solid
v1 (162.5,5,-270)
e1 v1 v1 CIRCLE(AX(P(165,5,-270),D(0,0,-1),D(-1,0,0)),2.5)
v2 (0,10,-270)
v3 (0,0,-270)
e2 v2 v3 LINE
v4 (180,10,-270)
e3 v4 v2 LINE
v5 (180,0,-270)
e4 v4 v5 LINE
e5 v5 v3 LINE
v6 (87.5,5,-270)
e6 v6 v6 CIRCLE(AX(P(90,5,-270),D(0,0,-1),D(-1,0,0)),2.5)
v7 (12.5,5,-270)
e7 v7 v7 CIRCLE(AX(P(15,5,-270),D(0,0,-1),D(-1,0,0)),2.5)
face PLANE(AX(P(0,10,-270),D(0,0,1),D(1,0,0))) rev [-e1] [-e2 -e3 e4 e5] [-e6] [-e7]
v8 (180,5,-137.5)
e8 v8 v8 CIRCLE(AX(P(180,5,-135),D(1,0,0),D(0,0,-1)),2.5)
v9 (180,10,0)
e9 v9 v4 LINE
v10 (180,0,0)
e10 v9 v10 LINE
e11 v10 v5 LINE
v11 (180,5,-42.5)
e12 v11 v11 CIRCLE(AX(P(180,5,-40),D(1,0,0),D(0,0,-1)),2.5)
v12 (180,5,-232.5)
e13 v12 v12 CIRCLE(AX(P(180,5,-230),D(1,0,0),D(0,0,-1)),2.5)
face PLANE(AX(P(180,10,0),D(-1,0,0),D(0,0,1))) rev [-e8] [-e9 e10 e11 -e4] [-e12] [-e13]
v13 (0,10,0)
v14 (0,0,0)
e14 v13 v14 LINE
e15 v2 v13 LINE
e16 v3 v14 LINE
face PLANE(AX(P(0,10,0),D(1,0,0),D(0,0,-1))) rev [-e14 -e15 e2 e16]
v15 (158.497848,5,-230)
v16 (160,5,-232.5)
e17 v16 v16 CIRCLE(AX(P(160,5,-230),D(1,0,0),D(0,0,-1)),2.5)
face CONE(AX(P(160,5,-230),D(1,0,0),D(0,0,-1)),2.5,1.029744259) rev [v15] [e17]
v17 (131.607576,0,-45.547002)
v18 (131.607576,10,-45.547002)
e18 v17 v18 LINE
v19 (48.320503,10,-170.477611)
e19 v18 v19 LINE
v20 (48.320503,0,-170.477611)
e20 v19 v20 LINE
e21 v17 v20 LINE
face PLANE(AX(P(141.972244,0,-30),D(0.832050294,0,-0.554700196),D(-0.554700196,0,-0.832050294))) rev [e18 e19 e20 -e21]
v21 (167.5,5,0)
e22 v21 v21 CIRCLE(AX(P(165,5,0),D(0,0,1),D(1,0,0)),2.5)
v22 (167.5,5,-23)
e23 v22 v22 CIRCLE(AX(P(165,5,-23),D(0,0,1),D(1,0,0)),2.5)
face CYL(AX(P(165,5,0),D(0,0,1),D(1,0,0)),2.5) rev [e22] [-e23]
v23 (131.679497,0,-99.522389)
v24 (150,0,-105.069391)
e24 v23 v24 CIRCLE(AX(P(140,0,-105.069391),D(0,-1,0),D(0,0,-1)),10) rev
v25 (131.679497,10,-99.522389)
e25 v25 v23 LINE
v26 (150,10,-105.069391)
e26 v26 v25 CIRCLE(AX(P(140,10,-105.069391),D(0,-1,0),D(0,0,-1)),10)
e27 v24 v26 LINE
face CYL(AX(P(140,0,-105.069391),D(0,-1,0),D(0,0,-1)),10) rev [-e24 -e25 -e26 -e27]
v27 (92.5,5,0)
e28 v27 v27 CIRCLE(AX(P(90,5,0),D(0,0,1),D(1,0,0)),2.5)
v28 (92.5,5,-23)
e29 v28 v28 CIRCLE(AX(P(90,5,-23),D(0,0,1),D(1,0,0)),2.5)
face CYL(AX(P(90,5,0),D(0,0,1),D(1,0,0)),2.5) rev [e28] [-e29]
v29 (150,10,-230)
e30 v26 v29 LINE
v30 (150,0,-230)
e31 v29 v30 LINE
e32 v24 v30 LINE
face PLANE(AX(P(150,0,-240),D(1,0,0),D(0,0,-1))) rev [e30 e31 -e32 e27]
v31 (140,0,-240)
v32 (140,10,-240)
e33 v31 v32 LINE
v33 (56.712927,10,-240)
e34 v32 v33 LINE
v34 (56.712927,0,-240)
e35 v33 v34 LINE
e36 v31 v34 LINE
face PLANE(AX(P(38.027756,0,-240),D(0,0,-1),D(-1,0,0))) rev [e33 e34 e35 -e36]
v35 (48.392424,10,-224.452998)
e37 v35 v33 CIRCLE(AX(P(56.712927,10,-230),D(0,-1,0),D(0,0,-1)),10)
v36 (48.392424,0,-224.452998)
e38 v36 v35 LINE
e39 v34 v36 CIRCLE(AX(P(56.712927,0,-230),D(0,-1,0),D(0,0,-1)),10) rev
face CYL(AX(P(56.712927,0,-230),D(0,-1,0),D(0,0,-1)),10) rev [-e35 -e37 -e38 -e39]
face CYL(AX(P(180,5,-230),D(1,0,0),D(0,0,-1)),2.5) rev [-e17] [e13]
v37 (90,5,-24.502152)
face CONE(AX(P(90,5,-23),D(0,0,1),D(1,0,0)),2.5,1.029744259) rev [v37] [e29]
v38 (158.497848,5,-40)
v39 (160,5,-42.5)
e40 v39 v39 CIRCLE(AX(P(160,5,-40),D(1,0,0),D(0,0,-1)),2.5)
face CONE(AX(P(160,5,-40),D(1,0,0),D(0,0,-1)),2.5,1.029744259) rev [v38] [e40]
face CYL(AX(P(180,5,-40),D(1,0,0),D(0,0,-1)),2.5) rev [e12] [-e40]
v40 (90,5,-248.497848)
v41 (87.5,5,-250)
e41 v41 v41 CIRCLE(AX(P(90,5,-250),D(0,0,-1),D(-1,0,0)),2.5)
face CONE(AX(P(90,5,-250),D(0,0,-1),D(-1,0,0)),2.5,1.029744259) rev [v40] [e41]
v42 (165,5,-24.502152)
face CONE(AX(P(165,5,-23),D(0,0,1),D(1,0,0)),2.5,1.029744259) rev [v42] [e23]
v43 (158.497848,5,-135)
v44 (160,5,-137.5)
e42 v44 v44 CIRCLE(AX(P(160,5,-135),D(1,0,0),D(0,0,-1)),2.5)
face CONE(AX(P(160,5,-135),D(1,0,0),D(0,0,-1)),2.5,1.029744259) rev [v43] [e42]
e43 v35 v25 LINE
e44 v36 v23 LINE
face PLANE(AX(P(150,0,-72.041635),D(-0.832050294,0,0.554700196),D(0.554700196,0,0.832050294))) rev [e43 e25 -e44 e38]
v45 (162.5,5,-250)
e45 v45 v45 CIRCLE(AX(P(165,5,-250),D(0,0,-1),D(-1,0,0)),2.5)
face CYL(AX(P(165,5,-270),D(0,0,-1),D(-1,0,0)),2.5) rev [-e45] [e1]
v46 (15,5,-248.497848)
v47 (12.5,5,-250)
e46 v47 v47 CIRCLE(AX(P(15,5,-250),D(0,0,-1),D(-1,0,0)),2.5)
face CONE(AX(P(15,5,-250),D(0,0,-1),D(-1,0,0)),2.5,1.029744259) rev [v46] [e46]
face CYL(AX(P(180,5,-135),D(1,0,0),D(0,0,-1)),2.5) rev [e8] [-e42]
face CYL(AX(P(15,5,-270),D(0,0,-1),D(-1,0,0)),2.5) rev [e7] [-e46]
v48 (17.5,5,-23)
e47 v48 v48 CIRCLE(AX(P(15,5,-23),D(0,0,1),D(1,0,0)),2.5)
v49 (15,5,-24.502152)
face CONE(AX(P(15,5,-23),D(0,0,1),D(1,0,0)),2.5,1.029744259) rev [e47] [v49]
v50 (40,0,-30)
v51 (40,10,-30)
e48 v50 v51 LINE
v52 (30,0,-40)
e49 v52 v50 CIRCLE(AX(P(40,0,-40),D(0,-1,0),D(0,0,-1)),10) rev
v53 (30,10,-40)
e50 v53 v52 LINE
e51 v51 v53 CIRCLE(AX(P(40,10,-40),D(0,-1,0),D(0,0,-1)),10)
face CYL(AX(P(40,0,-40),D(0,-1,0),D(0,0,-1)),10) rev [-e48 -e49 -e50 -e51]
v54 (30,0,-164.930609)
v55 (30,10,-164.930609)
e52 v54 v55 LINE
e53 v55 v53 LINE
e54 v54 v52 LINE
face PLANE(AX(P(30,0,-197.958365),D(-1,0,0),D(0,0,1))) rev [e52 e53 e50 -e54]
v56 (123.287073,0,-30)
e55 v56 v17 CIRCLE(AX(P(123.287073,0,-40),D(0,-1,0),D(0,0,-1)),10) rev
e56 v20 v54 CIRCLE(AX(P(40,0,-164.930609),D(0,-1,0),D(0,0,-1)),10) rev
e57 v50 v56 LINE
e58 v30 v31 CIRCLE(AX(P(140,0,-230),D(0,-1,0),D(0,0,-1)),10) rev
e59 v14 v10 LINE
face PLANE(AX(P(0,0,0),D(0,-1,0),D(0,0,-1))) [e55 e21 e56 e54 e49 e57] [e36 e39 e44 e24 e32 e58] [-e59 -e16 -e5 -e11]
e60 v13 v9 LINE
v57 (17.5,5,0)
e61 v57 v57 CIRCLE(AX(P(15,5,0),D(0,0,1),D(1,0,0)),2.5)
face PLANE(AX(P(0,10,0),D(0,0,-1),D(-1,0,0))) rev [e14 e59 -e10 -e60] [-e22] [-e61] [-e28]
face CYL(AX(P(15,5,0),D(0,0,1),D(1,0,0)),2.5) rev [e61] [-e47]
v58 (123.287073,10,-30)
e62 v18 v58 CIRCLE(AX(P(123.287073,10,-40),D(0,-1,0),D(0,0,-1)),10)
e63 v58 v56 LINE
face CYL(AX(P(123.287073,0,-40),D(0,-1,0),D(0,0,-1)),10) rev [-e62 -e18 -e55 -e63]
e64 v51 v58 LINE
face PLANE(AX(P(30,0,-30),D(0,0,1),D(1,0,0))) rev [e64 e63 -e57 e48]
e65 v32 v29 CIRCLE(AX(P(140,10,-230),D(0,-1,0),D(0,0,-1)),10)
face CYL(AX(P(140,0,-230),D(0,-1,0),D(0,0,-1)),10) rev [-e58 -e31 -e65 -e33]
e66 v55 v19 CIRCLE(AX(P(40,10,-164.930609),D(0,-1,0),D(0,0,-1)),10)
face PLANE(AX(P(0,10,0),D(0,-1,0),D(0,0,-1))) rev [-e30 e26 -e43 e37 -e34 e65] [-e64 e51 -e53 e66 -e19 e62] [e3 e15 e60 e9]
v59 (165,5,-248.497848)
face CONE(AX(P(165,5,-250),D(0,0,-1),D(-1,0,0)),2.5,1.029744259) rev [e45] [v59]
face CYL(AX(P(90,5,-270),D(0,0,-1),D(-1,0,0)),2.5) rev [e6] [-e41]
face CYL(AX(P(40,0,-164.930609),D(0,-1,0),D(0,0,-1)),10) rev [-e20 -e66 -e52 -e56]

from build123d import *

# Parameters (mm, degrees)
SKETCH1_W             = 180
SKETCH1_H             = 270
BOSS_EXTRUDE1_DEPTH   = 10
CUT_EXTRUDE1_DEPTH    = 11
FILLET1_R             = 10
M6_TAPPED_HOLE1_D     = 5
M6_TAPPED_HOLE1_DEPTH = 23
M6_TAPPED_HOLE1_TIP   = 1.502151548
M6_TAPPED_HOLE2_D     = 5
M6_TAPPED_HOLE2_DEPTH = 20
M6_TAPPED_HOLE2_TIP   = 1.502151548
M6_TAPPED_HOLE3_D     = 5
M6_TAPPED_HOLE3_DEPTH = 20
M6_TAPPED_HOLE3_TIP   = 1.502151548


with BuildPart() as part:
    # Sketch1 → Boss-Extrude1 (new body)
    with BuildSketch(Plane(origin=(0, 0, 0), x_dir=(1, 0, 0), z_dir=(0, 1, 0))):
        with Locations((90, 135)):
            Rectangle(SKETCH1_W, SKETCH1_H)
    extrude(amount=BOSS_EXTRUDE1_DEPTH)

    # Sketch2 → Cut-Extrude1 (cut, through all)
    with BuildSketch(Plane(origin=(0, 10, 0), x_dir=(1, 0, 0), z_dir=(0, 1, 0))):
        Polygon((38.027756377, 240), (150, 240), (150, 72.041634566), align=None)
        Polygon((30, 197.958365434), (30, 30), (141.972243623, 30), align=None)
    extrude(amount=-CUT_EXTRUDE1_DEPTH, mode=Mode.SUBTRACT)

    # Fillet1
    fillet1_edges = [part.edges().sort_by_distance(p)[0] for p in [
        (150, 5, -72.041634566),
        (38.027756377, 5, -240),
        (150, 5, -240),
        (30, 5, -197.958365434),
        (141.972243623, 5, -30),
        (30, 5, -30),
    ]]
    fillet(fillet1_edges, radius=FILLET1_R)

    # M6 Tapped Hole1
    with Locations(Plane.XY):
        with Locations((15, 5), (90, 5), (165, 5)):
            Hole(M6_TAPPED_HOLE1_D / 2, depth=M6_TAPPED_HOLE1_DEPTH)
            with Locations((0, 0, -(M6_TAPPED_HOLE1_DEPTH + M6_TAPPED_HOLE1_TIP / 2))):  # 118° drill point
                Cone(0, M6_TAPPED_HOLE1_D / 2, M6_TAPPED_HOLE1_TIP, mode=Mode.SUBTRACT)

    # M6 Tapped Hole2
    with Locations(Plane(origin=(0, 0, -270), x_dir=(-1, 0, 0), z_dir=(0, 0, -1))):
        with Locations((-165, 5), (-90, 5), (-15, 5)):
            Hole(M6_TAPPED_HOLE2_D / 2, depth=M6_TAPPED_HOLE2_DEPTH)
            with Locations((0, 0, -(M6_TAPPED_HOLE2_DEPTH + M6_TAPPED_HOLE2_TIP / 2))):  # 118° drill point
                Cone(0, M6_TAPPED_HOLE2_D / 2, M6_TAPPED_HOLE2_TIP, mode=Mode.SUBTRACT)

    # M6 Tapped Hole3
    with Locations(Plane(origin=(180, 0, 0), x_dir=(0, 0, -1), z_dir=(1, 0, 0))):
        with Locations((40, 5), (135, 5), (230, 5)):
            Hole(M6_TAPPED_HOLE3_D / 2, depth=M6_TAPPED_HOLE3_DEPTH)
            with Locations((0, 0, -(M6_TAPPED_HOLE3_DEPTH + M6_TAPPED_HOLE3_TIP / 2))):  # 118° drill point
                Cone(0, M6_TAPPED_HOLE3_D / 2, M6_TAPPED_HOLE3_TIP, mode=Mode.SUBTRACT)


solid = part.part
